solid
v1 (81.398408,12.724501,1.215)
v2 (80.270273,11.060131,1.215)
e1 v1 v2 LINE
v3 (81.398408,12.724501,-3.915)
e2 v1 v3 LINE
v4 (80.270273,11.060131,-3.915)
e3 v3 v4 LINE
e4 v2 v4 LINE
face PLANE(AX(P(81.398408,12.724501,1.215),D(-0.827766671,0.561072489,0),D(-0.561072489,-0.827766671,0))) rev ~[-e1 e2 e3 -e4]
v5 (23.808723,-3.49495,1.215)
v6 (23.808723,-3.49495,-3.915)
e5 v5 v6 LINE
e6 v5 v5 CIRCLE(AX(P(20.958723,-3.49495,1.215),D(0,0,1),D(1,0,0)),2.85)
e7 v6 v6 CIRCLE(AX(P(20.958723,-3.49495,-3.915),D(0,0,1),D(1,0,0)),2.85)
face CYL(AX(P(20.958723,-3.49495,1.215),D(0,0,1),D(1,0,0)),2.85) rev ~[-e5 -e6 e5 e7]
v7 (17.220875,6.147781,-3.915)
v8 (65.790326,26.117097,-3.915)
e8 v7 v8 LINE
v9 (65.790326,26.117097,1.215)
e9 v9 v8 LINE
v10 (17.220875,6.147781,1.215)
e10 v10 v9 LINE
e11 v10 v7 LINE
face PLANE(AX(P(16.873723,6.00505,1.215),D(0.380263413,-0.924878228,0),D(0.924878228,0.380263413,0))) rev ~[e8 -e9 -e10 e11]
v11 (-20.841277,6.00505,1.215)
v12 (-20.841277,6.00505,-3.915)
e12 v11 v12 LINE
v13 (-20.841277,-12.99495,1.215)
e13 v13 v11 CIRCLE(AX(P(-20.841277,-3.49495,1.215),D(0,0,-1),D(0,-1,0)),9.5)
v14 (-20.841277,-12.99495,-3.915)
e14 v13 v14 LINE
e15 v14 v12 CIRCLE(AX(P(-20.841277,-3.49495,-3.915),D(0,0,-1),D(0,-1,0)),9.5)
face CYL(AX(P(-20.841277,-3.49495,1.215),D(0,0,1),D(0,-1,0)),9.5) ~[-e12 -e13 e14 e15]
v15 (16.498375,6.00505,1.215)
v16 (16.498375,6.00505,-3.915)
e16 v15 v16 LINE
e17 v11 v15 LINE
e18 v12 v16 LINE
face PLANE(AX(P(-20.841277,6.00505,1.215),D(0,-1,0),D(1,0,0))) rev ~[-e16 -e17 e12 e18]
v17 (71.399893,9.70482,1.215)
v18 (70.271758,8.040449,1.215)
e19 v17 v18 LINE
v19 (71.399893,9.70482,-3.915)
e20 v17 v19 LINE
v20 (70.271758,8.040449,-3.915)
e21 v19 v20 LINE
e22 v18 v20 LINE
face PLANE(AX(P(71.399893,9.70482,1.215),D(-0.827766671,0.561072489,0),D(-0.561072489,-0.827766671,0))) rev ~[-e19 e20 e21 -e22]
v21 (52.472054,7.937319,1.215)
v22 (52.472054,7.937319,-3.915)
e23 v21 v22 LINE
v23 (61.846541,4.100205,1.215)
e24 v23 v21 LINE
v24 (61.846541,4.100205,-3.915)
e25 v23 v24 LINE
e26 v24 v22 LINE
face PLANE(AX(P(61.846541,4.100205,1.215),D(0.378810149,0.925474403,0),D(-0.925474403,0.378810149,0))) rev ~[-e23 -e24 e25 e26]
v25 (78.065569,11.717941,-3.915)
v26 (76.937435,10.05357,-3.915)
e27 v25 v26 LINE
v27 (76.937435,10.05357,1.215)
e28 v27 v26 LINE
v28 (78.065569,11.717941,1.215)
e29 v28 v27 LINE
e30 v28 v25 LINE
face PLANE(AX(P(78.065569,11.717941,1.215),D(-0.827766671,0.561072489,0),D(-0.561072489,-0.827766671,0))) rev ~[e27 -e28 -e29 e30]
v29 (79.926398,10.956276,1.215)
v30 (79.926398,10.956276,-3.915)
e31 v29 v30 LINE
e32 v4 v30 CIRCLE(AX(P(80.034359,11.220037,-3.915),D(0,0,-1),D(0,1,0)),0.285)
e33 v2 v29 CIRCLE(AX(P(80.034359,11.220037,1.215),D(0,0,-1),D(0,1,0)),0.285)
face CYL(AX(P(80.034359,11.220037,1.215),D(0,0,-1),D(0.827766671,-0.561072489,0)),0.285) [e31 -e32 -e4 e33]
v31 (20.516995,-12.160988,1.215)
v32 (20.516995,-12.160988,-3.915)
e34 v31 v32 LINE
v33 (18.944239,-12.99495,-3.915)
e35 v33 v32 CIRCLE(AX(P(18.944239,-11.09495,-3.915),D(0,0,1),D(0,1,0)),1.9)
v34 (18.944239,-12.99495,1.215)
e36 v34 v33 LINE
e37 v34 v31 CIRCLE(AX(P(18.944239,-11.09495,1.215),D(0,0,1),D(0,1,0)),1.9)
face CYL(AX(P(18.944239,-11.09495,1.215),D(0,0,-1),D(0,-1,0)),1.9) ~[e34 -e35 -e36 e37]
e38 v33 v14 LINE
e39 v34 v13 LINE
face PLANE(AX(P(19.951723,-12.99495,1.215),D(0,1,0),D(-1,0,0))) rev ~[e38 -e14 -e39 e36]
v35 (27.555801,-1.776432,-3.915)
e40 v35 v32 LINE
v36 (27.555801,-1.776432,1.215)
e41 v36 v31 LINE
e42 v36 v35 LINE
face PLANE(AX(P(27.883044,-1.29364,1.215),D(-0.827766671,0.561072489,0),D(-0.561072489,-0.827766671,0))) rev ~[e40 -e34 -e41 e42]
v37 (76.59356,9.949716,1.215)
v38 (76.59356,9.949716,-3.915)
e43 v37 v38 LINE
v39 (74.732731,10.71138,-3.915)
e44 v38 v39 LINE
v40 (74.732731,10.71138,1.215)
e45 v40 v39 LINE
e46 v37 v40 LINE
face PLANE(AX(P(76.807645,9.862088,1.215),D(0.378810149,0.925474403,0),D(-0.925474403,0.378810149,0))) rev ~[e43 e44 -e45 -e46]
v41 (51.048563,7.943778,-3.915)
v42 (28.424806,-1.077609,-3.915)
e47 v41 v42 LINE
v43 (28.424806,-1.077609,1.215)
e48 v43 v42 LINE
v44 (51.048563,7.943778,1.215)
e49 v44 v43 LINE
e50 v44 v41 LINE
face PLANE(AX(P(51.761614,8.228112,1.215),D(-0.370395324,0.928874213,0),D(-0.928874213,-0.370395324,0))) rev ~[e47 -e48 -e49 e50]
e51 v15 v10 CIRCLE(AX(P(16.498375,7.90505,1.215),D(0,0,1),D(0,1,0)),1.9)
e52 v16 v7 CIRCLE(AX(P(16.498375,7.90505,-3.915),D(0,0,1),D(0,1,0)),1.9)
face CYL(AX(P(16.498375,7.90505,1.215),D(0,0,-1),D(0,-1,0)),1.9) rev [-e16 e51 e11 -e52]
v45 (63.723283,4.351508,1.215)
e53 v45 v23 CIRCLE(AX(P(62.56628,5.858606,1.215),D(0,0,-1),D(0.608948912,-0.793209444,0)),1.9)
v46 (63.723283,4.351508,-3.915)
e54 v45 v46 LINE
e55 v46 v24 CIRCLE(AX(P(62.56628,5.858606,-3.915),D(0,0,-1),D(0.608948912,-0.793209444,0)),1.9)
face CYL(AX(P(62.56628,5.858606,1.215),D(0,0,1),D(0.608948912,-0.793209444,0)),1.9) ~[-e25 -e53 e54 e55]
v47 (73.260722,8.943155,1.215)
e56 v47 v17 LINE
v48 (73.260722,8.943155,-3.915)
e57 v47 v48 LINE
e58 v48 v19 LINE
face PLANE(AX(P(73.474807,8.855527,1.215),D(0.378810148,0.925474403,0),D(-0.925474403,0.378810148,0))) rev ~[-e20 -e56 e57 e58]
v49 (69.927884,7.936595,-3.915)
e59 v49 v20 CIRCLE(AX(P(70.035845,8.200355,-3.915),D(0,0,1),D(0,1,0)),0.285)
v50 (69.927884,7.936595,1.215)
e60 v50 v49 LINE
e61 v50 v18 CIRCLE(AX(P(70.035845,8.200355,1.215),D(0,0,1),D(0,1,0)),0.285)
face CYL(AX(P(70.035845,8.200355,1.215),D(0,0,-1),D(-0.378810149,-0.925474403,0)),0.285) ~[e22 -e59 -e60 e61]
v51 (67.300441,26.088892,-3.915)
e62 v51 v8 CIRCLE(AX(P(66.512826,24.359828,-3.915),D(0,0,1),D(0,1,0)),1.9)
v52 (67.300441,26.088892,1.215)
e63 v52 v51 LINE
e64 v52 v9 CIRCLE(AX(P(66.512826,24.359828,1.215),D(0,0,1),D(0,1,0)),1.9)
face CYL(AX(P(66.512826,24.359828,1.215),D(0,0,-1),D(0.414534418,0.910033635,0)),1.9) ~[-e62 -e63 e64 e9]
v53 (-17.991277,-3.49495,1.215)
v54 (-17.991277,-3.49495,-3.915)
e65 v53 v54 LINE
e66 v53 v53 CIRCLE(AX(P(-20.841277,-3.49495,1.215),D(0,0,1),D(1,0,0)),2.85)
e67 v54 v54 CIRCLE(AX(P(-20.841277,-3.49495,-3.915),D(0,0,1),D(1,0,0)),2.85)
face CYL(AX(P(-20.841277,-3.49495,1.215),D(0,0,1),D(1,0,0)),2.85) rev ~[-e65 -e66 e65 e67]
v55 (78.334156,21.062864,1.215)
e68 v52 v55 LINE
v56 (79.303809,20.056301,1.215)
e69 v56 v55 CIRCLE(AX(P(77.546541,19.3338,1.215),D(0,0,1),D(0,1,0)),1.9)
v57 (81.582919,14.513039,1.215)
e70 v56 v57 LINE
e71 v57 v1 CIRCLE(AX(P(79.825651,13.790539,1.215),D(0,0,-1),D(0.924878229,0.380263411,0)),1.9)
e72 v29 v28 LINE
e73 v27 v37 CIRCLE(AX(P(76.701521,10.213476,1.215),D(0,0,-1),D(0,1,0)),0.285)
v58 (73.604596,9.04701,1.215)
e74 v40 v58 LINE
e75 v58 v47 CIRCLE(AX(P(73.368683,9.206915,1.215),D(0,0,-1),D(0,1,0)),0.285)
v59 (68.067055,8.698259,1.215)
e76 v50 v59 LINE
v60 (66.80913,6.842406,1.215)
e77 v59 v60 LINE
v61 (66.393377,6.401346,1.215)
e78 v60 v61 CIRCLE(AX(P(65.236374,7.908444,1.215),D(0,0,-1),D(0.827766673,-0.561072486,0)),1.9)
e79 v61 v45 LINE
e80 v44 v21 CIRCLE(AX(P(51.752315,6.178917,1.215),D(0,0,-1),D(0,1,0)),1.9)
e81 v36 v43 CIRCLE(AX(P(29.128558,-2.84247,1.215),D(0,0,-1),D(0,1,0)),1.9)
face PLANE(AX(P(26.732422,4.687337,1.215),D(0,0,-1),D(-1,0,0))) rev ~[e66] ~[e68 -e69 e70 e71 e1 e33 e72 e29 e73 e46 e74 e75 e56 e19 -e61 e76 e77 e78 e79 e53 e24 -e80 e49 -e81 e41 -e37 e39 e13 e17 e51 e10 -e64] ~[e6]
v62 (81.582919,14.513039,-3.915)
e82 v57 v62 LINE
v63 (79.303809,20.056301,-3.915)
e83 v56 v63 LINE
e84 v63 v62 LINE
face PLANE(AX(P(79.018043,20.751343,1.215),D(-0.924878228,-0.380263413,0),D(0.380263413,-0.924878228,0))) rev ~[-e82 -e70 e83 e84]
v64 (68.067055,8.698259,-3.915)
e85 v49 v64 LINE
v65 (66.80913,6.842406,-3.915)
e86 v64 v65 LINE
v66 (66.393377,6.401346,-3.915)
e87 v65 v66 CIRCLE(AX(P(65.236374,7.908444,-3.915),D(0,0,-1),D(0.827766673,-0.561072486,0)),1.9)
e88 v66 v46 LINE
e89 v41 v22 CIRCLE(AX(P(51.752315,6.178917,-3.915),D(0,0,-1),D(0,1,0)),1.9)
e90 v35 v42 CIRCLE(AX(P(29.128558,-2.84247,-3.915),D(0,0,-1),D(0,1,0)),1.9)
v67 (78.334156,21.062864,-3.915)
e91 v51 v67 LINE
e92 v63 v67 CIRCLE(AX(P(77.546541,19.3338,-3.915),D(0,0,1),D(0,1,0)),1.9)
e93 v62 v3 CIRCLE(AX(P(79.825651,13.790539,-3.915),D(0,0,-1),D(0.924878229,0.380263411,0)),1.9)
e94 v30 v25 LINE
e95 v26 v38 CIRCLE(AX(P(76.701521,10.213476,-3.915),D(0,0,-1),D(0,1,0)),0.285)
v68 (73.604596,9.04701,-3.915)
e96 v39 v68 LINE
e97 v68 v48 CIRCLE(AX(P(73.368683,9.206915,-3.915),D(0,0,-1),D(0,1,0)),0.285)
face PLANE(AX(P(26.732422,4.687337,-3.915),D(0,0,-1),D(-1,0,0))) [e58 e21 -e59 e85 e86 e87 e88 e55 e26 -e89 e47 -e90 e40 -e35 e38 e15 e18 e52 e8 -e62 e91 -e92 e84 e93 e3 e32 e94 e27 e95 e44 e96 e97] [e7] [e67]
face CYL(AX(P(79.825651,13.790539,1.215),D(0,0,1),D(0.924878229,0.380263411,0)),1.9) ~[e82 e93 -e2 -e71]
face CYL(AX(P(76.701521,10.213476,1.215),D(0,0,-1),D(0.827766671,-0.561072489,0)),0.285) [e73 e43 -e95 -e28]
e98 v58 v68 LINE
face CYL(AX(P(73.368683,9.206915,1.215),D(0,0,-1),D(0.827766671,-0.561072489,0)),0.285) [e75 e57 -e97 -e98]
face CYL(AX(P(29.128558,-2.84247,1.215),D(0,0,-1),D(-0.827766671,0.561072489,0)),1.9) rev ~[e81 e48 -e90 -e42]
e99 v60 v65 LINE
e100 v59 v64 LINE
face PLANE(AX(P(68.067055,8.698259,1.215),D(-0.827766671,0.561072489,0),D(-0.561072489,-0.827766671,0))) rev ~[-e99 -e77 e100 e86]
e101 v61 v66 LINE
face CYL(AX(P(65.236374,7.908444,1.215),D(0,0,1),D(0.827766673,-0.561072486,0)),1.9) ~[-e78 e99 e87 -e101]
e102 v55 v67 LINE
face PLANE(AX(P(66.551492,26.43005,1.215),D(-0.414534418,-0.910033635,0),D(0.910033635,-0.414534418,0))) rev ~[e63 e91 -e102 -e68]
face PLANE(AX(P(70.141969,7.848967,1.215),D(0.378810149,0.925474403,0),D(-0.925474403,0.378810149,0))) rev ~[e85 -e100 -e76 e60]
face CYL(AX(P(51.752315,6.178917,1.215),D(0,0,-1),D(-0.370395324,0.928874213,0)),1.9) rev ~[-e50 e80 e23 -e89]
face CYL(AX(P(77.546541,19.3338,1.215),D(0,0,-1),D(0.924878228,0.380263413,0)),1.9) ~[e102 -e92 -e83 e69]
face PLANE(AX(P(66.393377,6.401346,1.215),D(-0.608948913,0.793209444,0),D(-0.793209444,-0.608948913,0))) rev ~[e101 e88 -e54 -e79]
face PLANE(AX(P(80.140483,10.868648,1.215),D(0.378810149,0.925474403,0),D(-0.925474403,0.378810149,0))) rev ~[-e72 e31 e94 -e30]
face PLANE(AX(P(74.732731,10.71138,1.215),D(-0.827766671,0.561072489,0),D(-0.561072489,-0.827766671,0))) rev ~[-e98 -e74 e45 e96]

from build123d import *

# Parameters (mm, degrees)
SKETCH1_R           = 1.5
BOSS_EXTRUDE1_DEPTH = 2.7
FILLET1_R           = 0.15
FILLET2_R           = 1
FILLET3_R           = 1
FILLET4_R           = 1
SCALE1_SCALE        = 1.9


with BuildPart() as part:
    # Sketch1 → Boss-Extrude1 (new body)
    with BuildSketch(Plane.XY):
        with BuildLine():
            Line((0, 5), (19.85, 5))
            Line((19.85, 5), (45.99619398, 15.75))
            Line((45.99619398, 15.75), (52.557536486, 12.761206845))
            Line((52.557536486, 12.761206845), (53.907471601, 9.477889135))
            ThreePointArc((53.907471601, 9.477889135), (53.977314115, 8.995006796), (53.810360044, 8.536553233))
            Line((53.810360044, 8.536553233), (53.148294507, 7.559788561))
            Line((53.148294507, 7.559788561), (52.056234711, 8.006784537))
            Line((52.056234711, 8.006784537), (51.394169174, 7.030019865))
            Line((51.394169174, 7.030019865), (50.302109378, 7.477015841))
            Line((50.302109378, 7.477015841), (49.640043841, 6.500251169))
            Line((49.640043841, 6.500251169), (48.547984045, 6.947247144))
            Line((48.547984045, 6.947247144), (47.885918508, 5.970482472))
            Line((47.885918508, 5.970482472), (46.793858712, 6.417478448))
            Line((46.793858712, 6.417478448), (46.131793175, 5.440713776))
            ThreePointArc((46.131793175, 5.440713776), (46.03170075, 5.315863389), (45.912975416, 5.208576821))
            Line((45.912975416, 5.208576821), (44.507662892, 4.129714813))
            ThreePointArc((44.507662892, 4.129714813), (44.031433487, 3.93177062), (43.519903831, 3.997449854))
            Line((43.519903831, 3.997449854), (38.212047423, 6.170032768))
            Line((38.212047423, 6.170032768), (25.644379319, 1.158584034))
            Line((25.644379319, 1.158584034), (21.47, -5))
            Line((21.47, -5), (0, -5))
            ThreePointArc((0, -5), (-5, 0), (0, 5))
        make_face()
        Circle(SKETCH1_R, mode=Mode.SUBTRACT)
        with Locations((22, 0)):
            Circle(SKETCH1_R, mode=Mode.SUBTRACT)
    extrude(amount=-BOSS_EXTRUDE1_DEPTH)

    # Fillet1
    fillet1_edges = [part.edges().sort_by_distance(p)[0] for p in [
        (53.148294507, 7.559788561, -1.35),
        (51.394169174, 7.030019865, -1.35),
        (49.640043841, 6.500251169, -1.35),
        (47.885918508, 5.970482472, -1.35),
    ]]
    fillet(fillet1_edges, radius=FILLET1_R)

    # Fillet2
    fillet2_edges = [part.edges().sort_by_distance(p)[0] for p in [
        (21.47, -5, -1.35),
        (45.99619398, 15.75, -1.35),
        (52.557536486, 12.761206845, -1.35),
    ]]
    fillet(fillet2_edges, radius=FILLET2_R)

    # Fillet3
    fillet3_edges = [part.edges().sort_by_distance(p)[0] for p in [
        (38.212047423, 6.170032768, -1.35),
        (25.644379319, 1.158584034, -1.35),
    ]]
    fillet(fillet3_edges, radius=FILLET3_R)

    # Fillet4
    fillet4_edges = [part.edges().sort_by_distance(p)[0] for p in [
        (19.85, 5, -1.35),
    ]]
    fillet(fillet4_edges, radius=FILLET4_R)


with BuildPart() as part_1:
    # Scale1: scaled about (23.156973948, 3.883277681, -1.35)
    add(part.part.scale(SCALE1_SCALE).moved(Location((-20.841276553, -3.494949913, 1.215))))


solid = part_1.part
